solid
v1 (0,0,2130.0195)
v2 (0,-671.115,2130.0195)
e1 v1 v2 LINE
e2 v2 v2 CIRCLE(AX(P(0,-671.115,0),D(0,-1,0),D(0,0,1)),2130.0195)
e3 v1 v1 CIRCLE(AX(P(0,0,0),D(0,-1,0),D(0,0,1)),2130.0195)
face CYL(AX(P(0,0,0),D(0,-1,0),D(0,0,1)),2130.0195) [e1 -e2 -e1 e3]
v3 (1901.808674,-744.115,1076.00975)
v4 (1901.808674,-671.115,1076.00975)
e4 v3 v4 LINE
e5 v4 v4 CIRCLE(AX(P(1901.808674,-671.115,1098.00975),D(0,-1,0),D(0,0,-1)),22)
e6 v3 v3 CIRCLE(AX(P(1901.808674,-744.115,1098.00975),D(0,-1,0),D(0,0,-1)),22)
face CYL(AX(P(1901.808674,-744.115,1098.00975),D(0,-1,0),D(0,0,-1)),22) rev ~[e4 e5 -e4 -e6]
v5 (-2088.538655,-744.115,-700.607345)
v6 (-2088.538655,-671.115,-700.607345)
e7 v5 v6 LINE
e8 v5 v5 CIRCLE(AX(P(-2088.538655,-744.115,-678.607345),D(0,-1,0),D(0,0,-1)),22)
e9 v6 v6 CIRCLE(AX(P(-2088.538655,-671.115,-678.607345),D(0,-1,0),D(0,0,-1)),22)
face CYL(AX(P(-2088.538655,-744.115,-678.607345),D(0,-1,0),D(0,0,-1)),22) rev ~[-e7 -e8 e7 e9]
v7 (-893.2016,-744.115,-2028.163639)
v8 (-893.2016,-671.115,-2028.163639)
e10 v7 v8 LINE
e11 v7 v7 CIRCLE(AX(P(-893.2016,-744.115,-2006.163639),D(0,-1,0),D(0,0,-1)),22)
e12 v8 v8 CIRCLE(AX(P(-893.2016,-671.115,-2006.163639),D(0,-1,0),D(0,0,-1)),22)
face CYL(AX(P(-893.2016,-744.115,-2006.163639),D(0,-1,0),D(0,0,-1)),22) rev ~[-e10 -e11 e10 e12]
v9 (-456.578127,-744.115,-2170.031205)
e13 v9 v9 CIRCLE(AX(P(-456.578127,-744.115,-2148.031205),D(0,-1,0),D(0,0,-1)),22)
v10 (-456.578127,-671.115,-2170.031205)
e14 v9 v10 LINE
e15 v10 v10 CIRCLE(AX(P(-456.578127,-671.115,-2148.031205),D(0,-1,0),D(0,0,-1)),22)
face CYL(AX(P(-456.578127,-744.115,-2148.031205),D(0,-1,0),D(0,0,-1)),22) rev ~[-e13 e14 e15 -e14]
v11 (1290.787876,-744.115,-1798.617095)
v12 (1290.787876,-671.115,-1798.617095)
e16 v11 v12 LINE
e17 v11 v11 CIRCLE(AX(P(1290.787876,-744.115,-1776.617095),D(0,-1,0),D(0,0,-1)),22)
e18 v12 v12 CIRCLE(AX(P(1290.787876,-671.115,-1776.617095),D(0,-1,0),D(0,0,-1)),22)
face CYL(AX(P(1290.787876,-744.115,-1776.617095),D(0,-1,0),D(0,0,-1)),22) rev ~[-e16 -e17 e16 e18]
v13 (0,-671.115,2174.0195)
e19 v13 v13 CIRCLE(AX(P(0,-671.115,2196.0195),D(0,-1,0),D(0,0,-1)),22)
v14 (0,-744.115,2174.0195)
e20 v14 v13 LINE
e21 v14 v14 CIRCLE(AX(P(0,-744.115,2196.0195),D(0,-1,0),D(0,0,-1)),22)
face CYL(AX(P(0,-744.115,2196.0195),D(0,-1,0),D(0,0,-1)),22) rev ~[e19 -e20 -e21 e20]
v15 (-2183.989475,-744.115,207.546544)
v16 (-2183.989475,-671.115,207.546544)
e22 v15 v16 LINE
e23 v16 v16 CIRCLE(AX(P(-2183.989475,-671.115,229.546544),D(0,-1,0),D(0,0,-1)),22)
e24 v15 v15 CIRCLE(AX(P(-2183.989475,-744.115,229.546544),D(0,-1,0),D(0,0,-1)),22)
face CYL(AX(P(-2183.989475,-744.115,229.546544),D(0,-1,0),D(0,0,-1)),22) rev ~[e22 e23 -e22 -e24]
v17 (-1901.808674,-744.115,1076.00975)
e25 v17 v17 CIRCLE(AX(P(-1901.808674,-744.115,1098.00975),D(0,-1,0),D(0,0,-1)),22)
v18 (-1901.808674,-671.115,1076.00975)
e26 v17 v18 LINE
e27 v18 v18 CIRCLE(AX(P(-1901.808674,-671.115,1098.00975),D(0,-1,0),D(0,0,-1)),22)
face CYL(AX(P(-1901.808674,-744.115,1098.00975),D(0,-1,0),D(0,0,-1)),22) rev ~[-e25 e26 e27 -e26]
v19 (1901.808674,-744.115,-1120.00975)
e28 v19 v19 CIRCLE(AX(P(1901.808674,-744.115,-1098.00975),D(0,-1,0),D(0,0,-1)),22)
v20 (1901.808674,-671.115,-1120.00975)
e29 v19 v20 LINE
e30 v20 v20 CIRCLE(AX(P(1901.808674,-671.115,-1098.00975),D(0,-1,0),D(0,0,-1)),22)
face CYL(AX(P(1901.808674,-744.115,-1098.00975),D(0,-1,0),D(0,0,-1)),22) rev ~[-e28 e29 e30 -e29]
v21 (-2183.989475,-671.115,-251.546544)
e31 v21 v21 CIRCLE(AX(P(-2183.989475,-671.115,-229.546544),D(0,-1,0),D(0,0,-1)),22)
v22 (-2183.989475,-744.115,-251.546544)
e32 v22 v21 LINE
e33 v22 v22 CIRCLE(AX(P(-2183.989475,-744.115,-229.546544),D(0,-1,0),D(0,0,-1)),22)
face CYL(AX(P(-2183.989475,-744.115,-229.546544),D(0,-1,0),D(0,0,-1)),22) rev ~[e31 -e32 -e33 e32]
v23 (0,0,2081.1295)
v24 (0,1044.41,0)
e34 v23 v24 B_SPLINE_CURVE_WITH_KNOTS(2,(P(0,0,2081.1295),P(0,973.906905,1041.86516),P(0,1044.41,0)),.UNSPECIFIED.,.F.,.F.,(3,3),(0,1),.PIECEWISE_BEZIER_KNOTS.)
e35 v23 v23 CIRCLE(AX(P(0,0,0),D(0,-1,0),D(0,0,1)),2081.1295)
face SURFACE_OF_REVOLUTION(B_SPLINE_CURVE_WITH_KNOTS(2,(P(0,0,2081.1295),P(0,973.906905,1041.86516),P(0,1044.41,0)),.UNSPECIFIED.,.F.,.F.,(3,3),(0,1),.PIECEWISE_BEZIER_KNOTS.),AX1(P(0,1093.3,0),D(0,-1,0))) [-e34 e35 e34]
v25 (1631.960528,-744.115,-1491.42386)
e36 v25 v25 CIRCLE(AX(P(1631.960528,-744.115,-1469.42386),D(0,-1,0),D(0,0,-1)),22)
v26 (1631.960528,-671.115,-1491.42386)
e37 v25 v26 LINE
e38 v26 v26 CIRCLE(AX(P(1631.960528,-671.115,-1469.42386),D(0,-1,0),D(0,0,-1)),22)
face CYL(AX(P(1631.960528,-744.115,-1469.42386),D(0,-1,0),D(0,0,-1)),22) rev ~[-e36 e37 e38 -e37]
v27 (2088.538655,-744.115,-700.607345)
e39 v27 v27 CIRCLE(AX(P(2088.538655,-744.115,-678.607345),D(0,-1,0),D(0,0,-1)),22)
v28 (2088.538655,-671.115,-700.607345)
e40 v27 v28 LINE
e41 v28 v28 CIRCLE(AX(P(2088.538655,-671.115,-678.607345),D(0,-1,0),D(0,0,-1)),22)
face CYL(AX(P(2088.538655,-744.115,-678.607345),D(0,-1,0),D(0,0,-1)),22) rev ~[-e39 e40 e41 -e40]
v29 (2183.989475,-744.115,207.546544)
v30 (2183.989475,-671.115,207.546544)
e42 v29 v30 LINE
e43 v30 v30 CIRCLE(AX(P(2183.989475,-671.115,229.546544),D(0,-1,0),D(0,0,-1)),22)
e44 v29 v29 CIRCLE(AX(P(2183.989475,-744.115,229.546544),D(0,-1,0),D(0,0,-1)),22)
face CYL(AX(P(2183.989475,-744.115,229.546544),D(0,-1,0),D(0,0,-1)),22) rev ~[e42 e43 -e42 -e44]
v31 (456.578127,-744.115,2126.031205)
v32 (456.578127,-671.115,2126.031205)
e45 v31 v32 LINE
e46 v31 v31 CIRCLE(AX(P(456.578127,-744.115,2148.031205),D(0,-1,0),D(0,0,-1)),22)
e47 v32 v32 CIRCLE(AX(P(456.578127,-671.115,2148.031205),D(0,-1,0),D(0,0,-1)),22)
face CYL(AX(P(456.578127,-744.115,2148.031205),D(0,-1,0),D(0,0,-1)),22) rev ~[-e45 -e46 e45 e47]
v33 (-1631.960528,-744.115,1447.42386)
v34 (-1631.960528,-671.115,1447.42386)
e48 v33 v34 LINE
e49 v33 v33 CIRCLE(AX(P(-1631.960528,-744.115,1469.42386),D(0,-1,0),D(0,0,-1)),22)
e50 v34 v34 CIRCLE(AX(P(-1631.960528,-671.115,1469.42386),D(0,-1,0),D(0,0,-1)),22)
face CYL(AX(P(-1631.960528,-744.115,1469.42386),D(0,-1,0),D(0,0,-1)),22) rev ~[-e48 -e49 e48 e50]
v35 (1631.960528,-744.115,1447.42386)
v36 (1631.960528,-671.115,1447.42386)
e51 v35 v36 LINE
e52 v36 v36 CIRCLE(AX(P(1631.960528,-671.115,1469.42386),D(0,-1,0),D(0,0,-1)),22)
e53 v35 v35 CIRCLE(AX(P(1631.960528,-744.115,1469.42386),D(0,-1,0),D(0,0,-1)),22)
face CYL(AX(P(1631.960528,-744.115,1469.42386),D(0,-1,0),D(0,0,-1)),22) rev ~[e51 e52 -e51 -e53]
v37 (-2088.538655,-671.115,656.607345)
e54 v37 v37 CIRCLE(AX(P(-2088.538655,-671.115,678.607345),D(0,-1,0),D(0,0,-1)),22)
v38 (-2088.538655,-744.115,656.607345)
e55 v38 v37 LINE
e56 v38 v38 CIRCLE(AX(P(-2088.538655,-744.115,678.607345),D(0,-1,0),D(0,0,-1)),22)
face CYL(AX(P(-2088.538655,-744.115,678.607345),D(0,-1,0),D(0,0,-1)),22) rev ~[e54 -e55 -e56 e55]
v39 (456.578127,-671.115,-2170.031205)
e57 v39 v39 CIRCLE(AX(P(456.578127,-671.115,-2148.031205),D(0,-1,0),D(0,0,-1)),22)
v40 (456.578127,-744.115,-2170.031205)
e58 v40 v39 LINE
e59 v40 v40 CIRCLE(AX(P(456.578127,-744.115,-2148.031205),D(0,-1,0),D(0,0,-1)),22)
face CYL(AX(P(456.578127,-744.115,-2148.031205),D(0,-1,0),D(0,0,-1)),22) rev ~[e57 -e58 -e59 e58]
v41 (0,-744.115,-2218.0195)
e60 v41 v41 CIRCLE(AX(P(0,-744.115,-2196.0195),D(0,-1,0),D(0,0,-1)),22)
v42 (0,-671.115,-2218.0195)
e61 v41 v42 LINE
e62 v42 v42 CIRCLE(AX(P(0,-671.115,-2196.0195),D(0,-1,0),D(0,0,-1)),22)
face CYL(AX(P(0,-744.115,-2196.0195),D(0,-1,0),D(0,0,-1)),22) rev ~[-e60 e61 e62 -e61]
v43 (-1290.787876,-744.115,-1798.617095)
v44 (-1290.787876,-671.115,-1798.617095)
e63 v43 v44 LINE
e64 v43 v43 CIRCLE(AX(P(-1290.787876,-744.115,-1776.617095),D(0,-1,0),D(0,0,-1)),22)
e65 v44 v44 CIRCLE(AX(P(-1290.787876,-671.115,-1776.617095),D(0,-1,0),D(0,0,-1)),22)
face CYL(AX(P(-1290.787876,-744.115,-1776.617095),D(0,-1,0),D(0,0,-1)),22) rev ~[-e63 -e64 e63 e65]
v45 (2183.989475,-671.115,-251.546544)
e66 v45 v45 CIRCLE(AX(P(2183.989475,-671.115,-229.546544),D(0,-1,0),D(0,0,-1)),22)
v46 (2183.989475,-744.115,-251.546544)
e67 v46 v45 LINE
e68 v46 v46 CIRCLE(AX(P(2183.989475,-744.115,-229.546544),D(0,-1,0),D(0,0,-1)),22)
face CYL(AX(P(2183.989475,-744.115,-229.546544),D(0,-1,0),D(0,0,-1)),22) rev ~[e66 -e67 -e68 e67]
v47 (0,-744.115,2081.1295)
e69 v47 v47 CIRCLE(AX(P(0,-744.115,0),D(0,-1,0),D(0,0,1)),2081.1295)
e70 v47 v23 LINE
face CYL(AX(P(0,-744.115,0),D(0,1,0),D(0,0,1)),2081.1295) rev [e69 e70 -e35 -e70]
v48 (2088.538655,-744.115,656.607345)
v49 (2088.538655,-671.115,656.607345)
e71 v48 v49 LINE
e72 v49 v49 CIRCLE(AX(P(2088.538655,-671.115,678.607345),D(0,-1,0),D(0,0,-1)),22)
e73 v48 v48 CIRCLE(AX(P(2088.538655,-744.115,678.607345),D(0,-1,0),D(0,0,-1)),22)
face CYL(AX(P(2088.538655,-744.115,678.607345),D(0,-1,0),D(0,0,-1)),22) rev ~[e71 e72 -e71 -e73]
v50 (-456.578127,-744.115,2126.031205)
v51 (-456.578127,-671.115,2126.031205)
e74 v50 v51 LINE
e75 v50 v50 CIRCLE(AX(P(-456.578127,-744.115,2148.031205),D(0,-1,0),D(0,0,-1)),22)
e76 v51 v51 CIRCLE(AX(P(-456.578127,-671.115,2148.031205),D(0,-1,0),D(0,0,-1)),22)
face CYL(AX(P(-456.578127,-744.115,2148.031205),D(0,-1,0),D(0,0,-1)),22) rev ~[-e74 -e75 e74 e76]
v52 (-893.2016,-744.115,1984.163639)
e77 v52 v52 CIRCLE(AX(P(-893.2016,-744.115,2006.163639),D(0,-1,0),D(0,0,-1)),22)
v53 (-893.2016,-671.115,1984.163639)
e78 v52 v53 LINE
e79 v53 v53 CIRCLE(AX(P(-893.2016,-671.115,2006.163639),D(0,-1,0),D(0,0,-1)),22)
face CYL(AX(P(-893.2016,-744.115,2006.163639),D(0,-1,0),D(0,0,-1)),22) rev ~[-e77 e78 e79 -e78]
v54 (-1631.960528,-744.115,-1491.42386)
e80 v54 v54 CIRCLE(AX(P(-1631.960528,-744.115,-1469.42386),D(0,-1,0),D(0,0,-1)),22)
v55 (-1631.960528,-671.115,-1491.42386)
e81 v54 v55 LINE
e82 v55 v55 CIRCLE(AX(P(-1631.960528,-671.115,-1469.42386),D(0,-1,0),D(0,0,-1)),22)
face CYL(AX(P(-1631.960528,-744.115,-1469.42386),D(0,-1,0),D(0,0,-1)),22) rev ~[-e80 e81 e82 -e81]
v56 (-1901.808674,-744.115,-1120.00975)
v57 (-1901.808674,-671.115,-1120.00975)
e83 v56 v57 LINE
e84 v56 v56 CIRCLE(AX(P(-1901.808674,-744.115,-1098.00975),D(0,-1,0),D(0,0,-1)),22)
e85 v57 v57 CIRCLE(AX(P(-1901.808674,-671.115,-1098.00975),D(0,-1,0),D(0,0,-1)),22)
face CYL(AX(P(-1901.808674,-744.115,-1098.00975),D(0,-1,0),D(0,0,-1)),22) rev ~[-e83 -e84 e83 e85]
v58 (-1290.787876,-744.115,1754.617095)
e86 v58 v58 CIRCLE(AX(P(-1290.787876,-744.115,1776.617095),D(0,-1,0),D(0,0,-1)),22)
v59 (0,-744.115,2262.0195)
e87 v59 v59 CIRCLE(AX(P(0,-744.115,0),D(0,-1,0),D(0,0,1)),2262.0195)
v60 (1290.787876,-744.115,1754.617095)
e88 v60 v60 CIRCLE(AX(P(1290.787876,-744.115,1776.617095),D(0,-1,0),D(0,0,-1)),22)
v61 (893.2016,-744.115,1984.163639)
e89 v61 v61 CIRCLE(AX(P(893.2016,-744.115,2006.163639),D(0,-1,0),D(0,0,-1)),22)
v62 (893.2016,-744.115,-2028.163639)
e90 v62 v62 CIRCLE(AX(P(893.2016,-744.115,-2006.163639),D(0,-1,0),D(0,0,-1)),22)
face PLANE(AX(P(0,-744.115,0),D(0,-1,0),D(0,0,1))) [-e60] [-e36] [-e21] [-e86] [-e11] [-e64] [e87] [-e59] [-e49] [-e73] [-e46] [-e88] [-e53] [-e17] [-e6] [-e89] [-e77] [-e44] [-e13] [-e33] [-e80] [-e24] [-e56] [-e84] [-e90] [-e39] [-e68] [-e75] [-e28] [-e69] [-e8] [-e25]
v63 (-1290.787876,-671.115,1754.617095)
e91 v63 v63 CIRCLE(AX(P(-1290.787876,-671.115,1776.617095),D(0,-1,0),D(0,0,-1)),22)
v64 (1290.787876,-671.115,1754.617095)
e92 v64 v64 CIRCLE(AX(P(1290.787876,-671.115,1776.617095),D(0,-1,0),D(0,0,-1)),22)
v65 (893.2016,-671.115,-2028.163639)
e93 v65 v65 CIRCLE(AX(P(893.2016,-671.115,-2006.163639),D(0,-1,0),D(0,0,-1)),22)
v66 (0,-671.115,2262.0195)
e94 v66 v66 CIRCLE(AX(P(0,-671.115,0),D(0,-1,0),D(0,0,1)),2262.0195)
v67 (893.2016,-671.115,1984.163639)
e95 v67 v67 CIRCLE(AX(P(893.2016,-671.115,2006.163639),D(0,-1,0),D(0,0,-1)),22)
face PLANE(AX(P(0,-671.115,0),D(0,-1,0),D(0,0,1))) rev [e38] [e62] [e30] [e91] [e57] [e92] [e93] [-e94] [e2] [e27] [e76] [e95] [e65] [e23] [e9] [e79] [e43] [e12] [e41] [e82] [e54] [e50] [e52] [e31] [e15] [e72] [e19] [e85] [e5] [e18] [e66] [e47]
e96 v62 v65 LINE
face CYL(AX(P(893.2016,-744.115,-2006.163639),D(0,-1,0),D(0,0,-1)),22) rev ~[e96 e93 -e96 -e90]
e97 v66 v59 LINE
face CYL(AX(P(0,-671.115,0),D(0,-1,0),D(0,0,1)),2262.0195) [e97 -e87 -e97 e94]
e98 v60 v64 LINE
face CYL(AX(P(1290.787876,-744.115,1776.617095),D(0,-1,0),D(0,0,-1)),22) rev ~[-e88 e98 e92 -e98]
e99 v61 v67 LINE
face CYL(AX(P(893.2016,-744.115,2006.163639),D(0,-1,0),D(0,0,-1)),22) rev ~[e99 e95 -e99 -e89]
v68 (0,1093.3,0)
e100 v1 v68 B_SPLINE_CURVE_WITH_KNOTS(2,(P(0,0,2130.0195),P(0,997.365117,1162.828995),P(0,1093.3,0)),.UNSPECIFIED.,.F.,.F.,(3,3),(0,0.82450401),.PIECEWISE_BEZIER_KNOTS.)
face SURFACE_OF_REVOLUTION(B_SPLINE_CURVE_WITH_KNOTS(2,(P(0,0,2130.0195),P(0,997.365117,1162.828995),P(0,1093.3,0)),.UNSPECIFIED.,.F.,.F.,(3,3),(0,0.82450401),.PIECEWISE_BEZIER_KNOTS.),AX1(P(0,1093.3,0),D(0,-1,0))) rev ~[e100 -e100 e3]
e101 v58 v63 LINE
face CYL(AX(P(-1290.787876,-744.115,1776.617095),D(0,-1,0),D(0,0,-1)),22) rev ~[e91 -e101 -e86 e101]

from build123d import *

# Parameters (mm, degrees)
SKETCH7_R          = 22
CUT_EXTRUDE1_DEPTH = 500


with BuildPart() as part:
    # Sketch2 → Revolve3 (revolve)
    with BuildSketch(Plane(origin=(0, 0, 0), x_dir=(0, 0, -1), z_dir=(1, 0, 0))):
        with BuildLine():
            Line((-2081.1295, -171.115), (-2081.1295, 0))
            add(Edge.make_bspline(
                [(-2081.1295, 0), (-1041.865159808, 973.906904547), (0, 1044.41)],
                knots=[0, 0, 0, 1, 1, 1], degree=2))
            Line((0, 1044.41), (0, 1093.3))
            add(Edge.make_bspline(
                [(-2130.0195, 0), (-1162.828995464, 997.365117244), (0, 1093.3)],
                knots=[0, 0, 0, 0.82450401, 0.82450401, 0.82450401], degree=2))
            Line((-2130.0195, 0), (-2130.0195, -171.115))
            Line((-2130.0195, -171.115), (-2130.0195, -671.115))
            Line((-2130.0195, -671.115), (-2262.0195, -671.115))
            Line((-2262.0195, -671.115), (-2262.0195, -744.115))
            Line((-2262.0195, -744.115), (-2081.1295, -744.115))
            Line((-2081.1295, -744.115), (-2081.1295, -171.115))
        make_face()
    revolve(axis=Axis((0, 1093.3, 0), (0, -1, 0)))

    # Sketch7 → Cut-Extrude1 (cut)
    with BuildSketch(Plane.XZ.offset(744.115)):
        with Locations(Location((0, 2196.0195, 0), (0, 0, 270))):
            Circle(SKETCH7_R)
        with Locations(Location((456.578127314, 2148.03120509, 0), (0, 0, 270))):
            Circle(SKETCH7_R)
        with Locations(Location((893.201599559, 2006.16363912, 0), (0, 0, 270))):
            Circle(SKETCH7_R)
        with Locations(Location((1290.787875847, 1776.617095479, 0), (0, 0, 270))):
            Circle(SKETCH7_R)
        with Locations(Location((1631.960528072, 1469.423859611, 0), (0, 0, 270))):
            Circle(SKETCH7_R)
        with Locations(Location((1901.808674206, 1098.00975, 0), (0, 0, 270))):
            Circle(SKETCH7_R)
        with Locations(Location((2088.538655386, 678.607345479, 0), (0, 0, 270))):
            Circle(SKETCH7_R)
        with Locations(Location((2183.989475406, 229.546543641, 0), (0, 0, 270))):
            Circle(SKETCH7_R)
        with Locations(Location((2183.989475406, -229.546543641, 0), (0, 0, 270))):
            Circle(SKETCH7_R)
        with Locations(Location((2088.538655386, -678.607345479, 0), (0, 0, 270))):
            Circle(SKETCH7_R)
        with Locations(Location((1901.808674206, -1098.00975, 0), (0, 0, 270))):
            Circle(SKETCH7_R)
        with Locations(Location((1631.960528072, -1469.423859611, 0), (0, 0, 270))):
            Circle(SKETCH7_R)
        with Locations(Location((1290.787875847, -1776.617095479, 0), (0, 0, 270))):
            Circle(SKETCH7_R)
        with Locations(Location((893.201599559, -2006.16363912, 0), (0, 0, 270))):
            Circle(SKETCH7_R)
        with Locations(Location((456.578127314, -2148.03120509, 0), (0, 0, 270))):
            Circle(SKETCH7_R)
        with Locations(Location((0, -2196.0195, 0), (0, 0, 270))):
            Circle(SKETCH7_R)
        with Locations(Location((-456.578127314, -2148.03120509, 0), (0, 0, 270))):
            Circle(SKETCH7_R)
        with Locations(Location((-893.201599559, -2006.16363912, 0), (0, 0, 270))):
            Circle(SKETCH7_R)
        with Locations(Location((-1290.787875847, -1776.617095479, 0), (0, 0, 270))):
            Circle(SKETCH7_R)
        with Locations(Location((-1631.960528072, -1469.423859611, 0), (0, 0, 270))):
            Circle(SKETCH7_R)
        with Locations(Location((-1901.808674206, -1098.00975, 0), (0, 0, 270))):
            Circle(SKETCH7_R)
        with Locations(Location((-2088.538655386, -678.607345479, 0), (0, 0, 270))):
            Circle(SKETCH7_R)
        with Locations(Location((-2183.989475406, -229.546543641, 0), (0, 0, 270))):
            Circle(SKETCH7_R)
        with Locations(Location((-2183.989475406, 229.546543641, 0), (0, 0, 270))):
            Circle(SKETCH7_R)
        with Locations(Location((-2088.538655386, 678.607345479, 0), (0, 0, 270))):
            Circle(SKETCH7_R)
        with Locations(Location((-1901.808674206, 1098.00975, 0), (0, 0, 270))):
            Circle(SKETCH7_R)
        with Locations(Location((-1631.960528072, 1469.423859611, 0), (0, 0, 270))):
            Circle(SKETCH7_R)
        with Locations(Location((-1290.787875847, 1776.617095479, 0), (0, 0, 270))):
            Circle(SKETCH7_R)
        with Locations(Location((-893.201599559, 2006.16363912, 0), (0, 0, 270))):
            Circle(SKETCH7_R)
        with Locations(Location((-456.578127314, 2148.03120509, 0), (0, 0, 270))):
            Circle(SKETCH7_R)
    extrude(amount=-CUT_EXTRUDE1_DEPTH, mode=Mode.SUBTRACT)


solid = part.part
